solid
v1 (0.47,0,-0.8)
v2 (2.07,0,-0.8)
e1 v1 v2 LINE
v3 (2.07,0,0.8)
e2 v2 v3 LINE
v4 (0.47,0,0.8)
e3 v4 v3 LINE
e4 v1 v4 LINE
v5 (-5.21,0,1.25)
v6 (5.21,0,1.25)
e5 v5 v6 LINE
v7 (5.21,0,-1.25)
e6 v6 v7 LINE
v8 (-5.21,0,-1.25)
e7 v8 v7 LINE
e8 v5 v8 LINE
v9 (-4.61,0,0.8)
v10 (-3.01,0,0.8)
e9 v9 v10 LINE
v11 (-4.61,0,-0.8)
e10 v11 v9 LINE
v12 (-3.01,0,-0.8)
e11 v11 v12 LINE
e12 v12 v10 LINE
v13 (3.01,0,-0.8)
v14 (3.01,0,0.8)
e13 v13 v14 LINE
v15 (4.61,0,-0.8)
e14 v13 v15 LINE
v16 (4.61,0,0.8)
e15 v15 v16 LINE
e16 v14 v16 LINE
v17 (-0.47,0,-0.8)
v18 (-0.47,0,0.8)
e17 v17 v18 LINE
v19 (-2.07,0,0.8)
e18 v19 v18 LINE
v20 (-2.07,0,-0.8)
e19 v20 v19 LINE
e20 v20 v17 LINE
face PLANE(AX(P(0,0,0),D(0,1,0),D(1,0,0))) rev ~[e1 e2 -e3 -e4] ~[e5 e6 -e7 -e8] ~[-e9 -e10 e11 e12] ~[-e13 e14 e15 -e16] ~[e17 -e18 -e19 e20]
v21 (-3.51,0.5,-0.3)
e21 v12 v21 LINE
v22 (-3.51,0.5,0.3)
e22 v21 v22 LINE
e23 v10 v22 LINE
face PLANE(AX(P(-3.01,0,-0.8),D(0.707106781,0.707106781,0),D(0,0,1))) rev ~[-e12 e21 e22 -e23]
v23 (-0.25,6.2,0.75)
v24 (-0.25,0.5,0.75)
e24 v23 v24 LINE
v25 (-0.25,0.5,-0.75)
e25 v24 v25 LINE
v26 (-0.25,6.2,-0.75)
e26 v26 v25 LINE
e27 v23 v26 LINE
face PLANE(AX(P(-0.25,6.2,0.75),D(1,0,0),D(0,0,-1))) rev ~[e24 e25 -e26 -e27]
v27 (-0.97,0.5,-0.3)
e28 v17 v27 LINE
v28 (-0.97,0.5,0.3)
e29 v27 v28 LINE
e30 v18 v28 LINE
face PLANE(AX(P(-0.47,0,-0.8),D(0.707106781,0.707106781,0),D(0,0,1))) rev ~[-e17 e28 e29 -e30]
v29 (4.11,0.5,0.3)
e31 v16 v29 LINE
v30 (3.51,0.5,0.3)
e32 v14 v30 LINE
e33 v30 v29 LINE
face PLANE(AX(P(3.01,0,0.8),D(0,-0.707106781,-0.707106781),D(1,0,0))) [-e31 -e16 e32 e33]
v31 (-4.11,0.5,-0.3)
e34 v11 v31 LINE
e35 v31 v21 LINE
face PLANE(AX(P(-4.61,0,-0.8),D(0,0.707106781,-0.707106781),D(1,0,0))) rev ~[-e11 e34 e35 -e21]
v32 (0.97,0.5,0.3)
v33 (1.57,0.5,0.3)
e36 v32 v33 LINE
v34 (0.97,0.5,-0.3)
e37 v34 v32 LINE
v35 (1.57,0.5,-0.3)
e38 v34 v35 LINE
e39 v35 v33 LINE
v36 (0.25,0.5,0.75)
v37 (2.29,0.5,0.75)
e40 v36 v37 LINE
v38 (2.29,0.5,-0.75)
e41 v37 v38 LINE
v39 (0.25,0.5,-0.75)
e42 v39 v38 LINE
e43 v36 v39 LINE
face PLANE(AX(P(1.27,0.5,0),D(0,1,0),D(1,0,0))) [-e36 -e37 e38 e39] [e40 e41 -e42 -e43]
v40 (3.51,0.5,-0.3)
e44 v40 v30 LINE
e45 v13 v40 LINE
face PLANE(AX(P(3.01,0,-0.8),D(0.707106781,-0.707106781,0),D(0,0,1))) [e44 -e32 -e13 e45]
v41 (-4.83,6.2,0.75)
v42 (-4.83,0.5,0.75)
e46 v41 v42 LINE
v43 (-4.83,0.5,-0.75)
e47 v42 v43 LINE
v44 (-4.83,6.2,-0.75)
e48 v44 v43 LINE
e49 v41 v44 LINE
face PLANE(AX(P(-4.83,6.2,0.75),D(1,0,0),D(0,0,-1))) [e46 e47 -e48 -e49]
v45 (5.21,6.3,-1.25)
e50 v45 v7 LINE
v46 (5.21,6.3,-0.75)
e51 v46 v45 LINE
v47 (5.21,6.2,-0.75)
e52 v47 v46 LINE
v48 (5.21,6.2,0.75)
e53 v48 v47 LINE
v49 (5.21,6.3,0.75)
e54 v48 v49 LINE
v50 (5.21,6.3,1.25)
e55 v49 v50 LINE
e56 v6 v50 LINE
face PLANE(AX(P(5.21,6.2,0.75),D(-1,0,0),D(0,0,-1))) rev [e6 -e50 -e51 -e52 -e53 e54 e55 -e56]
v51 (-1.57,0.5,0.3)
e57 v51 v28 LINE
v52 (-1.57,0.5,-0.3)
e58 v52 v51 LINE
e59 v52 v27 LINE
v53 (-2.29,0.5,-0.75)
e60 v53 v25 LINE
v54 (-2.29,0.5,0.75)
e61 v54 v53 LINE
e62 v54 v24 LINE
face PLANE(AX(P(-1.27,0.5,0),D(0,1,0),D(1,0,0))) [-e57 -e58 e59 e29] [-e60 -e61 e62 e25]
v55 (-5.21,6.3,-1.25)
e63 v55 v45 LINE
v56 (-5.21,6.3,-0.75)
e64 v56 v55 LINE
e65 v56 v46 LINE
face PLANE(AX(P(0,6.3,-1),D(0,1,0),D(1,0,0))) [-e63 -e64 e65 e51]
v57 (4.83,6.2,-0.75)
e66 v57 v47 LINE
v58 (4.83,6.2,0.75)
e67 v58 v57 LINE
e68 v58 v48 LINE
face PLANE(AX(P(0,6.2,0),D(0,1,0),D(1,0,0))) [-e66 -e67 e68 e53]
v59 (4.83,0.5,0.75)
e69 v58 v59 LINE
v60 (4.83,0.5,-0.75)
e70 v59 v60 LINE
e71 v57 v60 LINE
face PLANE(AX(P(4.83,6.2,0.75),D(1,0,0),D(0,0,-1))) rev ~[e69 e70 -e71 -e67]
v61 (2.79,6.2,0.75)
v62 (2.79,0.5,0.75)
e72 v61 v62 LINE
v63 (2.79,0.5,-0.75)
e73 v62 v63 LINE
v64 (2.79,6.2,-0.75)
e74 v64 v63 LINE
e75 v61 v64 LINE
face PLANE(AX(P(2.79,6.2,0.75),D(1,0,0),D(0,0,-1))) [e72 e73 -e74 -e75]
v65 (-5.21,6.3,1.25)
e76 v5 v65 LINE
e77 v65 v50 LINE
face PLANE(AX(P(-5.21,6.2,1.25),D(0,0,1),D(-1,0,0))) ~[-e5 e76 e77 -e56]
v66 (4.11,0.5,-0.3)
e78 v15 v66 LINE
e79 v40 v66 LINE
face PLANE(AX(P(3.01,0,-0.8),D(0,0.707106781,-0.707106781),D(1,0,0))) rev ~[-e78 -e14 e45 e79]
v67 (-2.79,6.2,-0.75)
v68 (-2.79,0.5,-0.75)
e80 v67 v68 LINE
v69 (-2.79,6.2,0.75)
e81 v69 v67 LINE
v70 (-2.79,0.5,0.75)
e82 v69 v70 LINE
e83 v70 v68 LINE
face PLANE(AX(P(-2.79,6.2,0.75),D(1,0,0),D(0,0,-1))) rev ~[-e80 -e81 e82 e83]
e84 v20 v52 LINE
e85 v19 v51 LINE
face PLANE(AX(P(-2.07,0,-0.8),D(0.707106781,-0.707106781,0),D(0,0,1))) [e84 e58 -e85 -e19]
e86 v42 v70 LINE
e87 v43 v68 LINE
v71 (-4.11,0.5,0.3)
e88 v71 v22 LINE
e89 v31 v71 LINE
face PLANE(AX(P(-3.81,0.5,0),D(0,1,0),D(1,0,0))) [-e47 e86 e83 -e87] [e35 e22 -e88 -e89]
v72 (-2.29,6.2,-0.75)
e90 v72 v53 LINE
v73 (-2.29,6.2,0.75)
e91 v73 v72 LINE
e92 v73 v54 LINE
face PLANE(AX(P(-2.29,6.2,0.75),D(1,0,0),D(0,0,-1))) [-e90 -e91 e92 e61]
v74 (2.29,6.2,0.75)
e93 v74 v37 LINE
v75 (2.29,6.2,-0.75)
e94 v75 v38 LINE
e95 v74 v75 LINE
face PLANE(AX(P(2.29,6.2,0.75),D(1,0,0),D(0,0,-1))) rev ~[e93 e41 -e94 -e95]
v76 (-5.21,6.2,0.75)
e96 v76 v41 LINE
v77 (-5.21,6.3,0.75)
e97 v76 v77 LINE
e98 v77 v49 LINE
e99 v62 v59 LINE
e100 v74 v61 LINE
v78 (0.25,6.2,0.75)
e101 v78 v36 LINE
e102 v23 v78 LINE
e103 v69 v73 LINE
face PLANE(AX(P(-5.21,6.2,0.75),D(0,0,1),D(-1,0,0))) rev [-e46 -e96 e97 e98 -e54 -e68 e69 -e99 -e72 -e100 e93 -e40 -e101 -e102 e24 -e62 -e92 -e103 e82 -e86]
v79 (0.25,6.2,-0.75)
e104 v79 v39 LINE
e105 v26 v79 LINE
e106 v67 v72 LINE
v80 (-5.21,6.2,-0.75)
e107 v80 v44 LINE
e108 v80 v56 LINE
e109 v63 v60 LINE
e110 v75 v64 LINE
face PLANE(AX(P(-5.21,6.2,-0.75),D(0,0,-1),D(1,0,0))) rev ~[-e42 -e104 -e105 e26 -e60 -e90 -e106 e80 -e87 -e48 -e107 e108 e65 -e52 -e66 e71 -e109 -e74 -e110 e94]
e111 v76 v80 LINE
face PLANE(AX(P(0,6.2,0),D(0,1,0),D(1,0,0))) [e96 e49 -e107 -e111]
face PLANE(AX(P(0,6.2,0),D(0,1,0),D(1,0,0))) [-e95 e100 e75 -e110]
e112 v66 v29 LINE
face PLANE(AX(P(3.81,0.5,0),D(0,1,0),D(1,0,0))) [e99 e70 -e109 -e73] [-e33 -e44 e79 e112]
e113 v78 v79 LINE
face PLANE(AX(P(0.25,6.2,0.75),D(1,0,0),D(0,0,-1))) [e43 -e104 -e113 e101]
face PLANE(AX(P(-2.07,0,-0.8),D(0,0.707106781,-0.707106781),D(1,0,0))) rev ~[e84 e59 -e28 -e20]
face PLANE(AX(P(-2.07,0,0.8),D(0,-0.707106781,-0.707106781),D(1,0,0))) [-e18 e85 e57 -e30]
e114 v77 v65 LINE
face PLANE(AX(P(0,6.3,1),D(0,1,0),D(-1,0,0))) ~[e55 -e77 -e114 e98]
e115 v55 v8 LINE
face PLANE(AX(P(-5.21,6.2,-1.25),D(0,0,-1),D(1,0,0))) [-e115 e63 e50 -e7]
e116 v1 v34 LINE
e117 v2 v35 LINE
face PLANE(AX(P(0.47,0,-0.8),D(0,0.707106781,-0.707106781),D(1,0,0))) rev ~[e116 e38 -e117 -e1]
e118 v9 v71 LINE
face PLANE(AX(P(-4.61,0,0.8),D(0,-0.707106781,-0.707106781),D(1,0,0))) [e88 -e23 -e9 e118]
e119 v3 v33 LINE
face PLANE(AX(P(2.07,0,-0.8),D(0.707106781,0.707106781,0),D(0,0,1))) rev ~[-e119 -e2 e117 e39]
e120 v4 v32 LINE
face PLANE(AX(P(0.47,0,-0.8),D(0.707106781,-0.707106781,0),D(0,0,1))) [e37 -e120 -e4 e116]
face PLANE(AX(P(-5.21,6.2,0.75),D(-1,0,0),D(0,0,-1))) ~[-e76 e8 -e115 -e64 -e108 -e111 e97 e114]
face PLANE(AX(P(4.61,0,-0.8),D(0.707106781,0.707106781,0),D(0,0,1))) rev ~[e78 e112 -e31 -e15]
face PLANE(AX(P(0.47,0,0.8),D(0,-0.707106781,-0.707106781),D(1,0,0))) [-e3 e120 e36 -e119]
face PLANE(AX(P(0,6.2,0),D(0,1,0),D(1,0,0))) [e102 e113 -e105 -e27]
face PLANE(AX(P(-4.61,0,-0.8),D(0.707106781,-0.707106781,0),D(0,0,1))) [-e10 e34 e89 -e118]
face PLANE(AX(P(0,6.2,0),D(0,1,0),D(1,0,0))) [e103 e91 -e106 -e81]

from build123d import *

# Parameters (mm, degrees)
SKETCH1_W                 = 10.42
SKETCH1_H                 = 2.5
BOSS_EXTRUDE1_DEPTH       = 6.2
SKETCH2_W                 = 2.04
SKETCH2_H                 = 1.5
CUT_EXTRUDE1_DEPTH        = 5.7
SKETCH3_W                 = 1.6
SKETCH3_H                 = 1.6
CUT_EXTRUDE2_DEPTH        = 0.5
CUT_EXTRUDE2_DRAFT        = -45
LPATTERN1_COUNT           = 4
LPATTERN1_PITCH           = 2.54
LPATTERN1_COPY_1_SKETCH_W = 1.6
LPATTERN1_COPY_1_SKETCH_H = 1.6
LPATTERN1_COPY_1_DEPTH    = 0.5
LPATTERN1_COPY_1_DRAFT    = -45
LPATTERN1_COPY_2_SKETCH_W = 1.6
LPATTERN1_COPY_2_SKETCH_H = 1.6
LPATTERN1_COPY_2_DEPTH    = 0.5
LPATTERN1_COPY_2_DRAFT    = -45
LPATTERN1_COPY_3_SKETCH_W = 1.6
LPATTERN1_COPY_3_SKETCH_H = 1.6
LPATTERN1_COPY_3_DEPTH    = 0.5
LPATTERN1_COPY_3_DRAFT    = -45
SKETCH4_W                 = 10.42
SKETCH4_H                 = 0.5
BOSS_EXTRUDE2_DEPTH       = 0.1


with BuildPart() as part:
    # Sketch1 → Boss-Extrude1 (new body)
    with BuildSketch(Plane(origin=(0, 0, 0), x_dir=(1, 0, 0), z_dir=(0, 1, 0))):
        Rectangle(SKETCH1_W, SKETCH1_H)
    extrude(amount=BOSS_EXTRUDE1_DEPTH)

    # Sketch2 → Cut-Extrude1 (cut)
    with BuildSketch(Plane(origin=(0, 6.2, 0), x_dir=(1, 0, 0), z_dir=(0, 1, 0))):
        with Locations((-3.81, 0)):
            Rectangle(SKETCH2_W, SKETCH2_H)
    cut_extrude1 = extrude(amount=-CUT_EXTRUDE1_DEPTH, mode=Mode.SUBTRACT)


with BuildPart() as cut_extrude2_tool:
    # Sketch3 → Cut-Extrude2 (with draft: the straight prism first)
    with BuildSketch(Plane.XZ):
        with Locations((-3.81, 0)):
            Rectangle(SKETCH3_W, SKETCH3_H)
    extrude(amount=-CUT_EXTRUDE2_DEPTH)
    # Cut-Extrude2: the draft: its side faces are tilted about the plane it starts from
    cut_extrude2_sides = [cut_extrude2_tool.faces().sort_by_distance(p)[0] for p in [
        (-3.81, 0.25, -0.8),
        (-3.01, 0.25, 0),
        (-3.81, 0.25, 0.8),
        (-4.61, 0.25, 0),
    ]]
    draft(cut_extrude2_sides, Plane.XZ, CUT_EXTRUDE2_DRAFT)


with BuildPart() as part_1:
    add(part.part)

    # Cut-Extrude2: cut by cut_extrude2_tool
    add(cut_extrude2_tool.part, mode=Mode.SUBTRACT)

    # LPattern1: Cut-Extrude1 ×4
    with Locations(*[(i * LPATTERN1_PITCH, 0, 0) for i in range(1, LPATTERN1_COUNT)]):
        add(cut_extrude1, mode=Mode.SUBTRACT)


with BuildPart() as lpattern1_copy_1_tool:
    # LPattern1 copy 1 sketch → LPattern1 copy 1 (with draft: the straight prism first)
    with BuildSketch(Plane(origin=(2.54, 0, 0), x_dir=(1, 0, 0), z_dir=(0, -1, 0))):
        with Locations((-3.81, 0)):
            Rectangle(LPATTERN1_COPY_1_SKETCH_W, LPATTERN1_COPY_1_SKETCH_H)
    extrude(amount=-LPATTERN1_COPY_1_DEPTH)
    # LPattern1 copy 1: the draft: its side faces are tilted about the plane it starts from
    lpattern1_copy_1_sides = [lpattern1_copy_1_tool.faces().sort_by_distance(p)[0] for p in [
        (-1.27, 0.25, -0.8),
        (-0.47, 0.25, 0),
        (-1.27, 0.25, 0.8),
        (-2.07, 0.25, 0),
    ]]
    draft(lpattern1_copy_1_sides, Plane(origin=(2.54, 0, 0), x_dir=(1, 0, 0), z_dir=(0, -1, 0)), LPATTERN1_COPY_1_DRAFT)


with BuildPart() as part_2:
    add(part_1.part)

    # LPattern1 copy 1: cut by lpattern1_copy_1_tool
    add(lpattern1_copy_1_tool.part, mode=Mode.SUBTRACT)


with BuildPart() as lpattern1_copy_2_tool:
    # LPattern1 copy 2 sketch → LPattern1 copy 2 (with draft: the straight prism first)
    with BuildSketch(Plane(origin=(5.08, 0, 0), x_dir=(1, 0, 0), z_dir=(0, -1, 0))):
        with Locations((-3.81, 0)):
            Rectangle(LPATTERN1_COPY_2_SKETCH_W, LPATTERN1_COPY_2_SKETCH_H)
    extrude(amount=-LPATTERN1_COPY_2_DEPTH)
    # LPattern1 copy 2: the draft: its side faces are tilted about the plane it starts from
    lpattern1_copy_2_sides = [lpattern1_copy_2_tool.faces().sort_by_distance(p)[0] for p in [
        (1.27, 0.25, -0.8),
        (2.07, 0.25, 0),
        (1.27, 0.25, 0.8),
        (0.47, 0.25, 0),
    ]]
    draft(lpattern1_copy_2_sides, Plane(origin=(5.08, 0, 0), x_dir=(1, 0, 0), z_dir=(0, -1, 0)), LPATTERN1_COPY_2_DRAFT)


with BuildPart() as part_3:
    add(part_2.part)

    # LPattern1 copy 2: cut by lpattern1_copy_2_tool
    add(lpattern1_copy_2_tool.part, mode=Mode.SUBTRACT)


with BuildPart() as lpattern1_copy_3_tool:
    # LPattern1 copy 3 sketch → LPattern1 copy 3 (with draft: the straight prism first)
    with BuildSketch(Plane(origin=(7.62, 0, 0), x_dir=(1, 0, 0), z_dir=(0, -1, 0))):
        with Locations((-3.81, 0)):
            Rectangle(LPATTERN1_COPY_3_SKETCH_W, LPATTERN1_COPY_3_SKETCH_H)
    extrude(amount=-LPATTERN1_COPY_3_DEPTH)
    # LPattern1 copy 3: the draft: its side faces are tilted about the plane it starts from
    lpattern1_copy_3_sides = [lpattern1_copy_3_tool.faces().sort_by_distance(p)[0] for p in [
        (3.81, 0.25, -0.8),
        (4.61, 0.25, 0),
        (3.81, 0.25, 0.8),
        (3.01, 0.25, 0),
    ]]
    draft(lpattern1_copy_3_sides, Plane(origin=(7.62, 0, 0), x_dir=(1, 0, 0), z_dir=(0, -1, 0)), LPATTERN1_COPY_3_DRAFT)


with BuildPart() as part_4:
    add(part_3.part)

    # LPattern1 copy 3: cut by lpattern1_copy_3_tool
    add(lpattern1_copy_3_tool.part, mode=Mode.SUBTRACT)

    # Sketch4 → Boss-Extrude2 (add)
    with BuildSketch(Plane(origin=(0, 6.2, 0), x_dir=(1, 0, 0), z_dir=(0, 1, 0))):
        with Locations((0, 1)):
            Rectangle(SKETCH4_W, SKETCH4_H)
    boss_extrude2 = extrude(amount=BOSS_EXTRUDE2_DEPTH)

    # Mirror1: Boss-Extrude2 across plane
    add(boss_extrude2.mirror(Plane.XY))


solid = part_4.part
